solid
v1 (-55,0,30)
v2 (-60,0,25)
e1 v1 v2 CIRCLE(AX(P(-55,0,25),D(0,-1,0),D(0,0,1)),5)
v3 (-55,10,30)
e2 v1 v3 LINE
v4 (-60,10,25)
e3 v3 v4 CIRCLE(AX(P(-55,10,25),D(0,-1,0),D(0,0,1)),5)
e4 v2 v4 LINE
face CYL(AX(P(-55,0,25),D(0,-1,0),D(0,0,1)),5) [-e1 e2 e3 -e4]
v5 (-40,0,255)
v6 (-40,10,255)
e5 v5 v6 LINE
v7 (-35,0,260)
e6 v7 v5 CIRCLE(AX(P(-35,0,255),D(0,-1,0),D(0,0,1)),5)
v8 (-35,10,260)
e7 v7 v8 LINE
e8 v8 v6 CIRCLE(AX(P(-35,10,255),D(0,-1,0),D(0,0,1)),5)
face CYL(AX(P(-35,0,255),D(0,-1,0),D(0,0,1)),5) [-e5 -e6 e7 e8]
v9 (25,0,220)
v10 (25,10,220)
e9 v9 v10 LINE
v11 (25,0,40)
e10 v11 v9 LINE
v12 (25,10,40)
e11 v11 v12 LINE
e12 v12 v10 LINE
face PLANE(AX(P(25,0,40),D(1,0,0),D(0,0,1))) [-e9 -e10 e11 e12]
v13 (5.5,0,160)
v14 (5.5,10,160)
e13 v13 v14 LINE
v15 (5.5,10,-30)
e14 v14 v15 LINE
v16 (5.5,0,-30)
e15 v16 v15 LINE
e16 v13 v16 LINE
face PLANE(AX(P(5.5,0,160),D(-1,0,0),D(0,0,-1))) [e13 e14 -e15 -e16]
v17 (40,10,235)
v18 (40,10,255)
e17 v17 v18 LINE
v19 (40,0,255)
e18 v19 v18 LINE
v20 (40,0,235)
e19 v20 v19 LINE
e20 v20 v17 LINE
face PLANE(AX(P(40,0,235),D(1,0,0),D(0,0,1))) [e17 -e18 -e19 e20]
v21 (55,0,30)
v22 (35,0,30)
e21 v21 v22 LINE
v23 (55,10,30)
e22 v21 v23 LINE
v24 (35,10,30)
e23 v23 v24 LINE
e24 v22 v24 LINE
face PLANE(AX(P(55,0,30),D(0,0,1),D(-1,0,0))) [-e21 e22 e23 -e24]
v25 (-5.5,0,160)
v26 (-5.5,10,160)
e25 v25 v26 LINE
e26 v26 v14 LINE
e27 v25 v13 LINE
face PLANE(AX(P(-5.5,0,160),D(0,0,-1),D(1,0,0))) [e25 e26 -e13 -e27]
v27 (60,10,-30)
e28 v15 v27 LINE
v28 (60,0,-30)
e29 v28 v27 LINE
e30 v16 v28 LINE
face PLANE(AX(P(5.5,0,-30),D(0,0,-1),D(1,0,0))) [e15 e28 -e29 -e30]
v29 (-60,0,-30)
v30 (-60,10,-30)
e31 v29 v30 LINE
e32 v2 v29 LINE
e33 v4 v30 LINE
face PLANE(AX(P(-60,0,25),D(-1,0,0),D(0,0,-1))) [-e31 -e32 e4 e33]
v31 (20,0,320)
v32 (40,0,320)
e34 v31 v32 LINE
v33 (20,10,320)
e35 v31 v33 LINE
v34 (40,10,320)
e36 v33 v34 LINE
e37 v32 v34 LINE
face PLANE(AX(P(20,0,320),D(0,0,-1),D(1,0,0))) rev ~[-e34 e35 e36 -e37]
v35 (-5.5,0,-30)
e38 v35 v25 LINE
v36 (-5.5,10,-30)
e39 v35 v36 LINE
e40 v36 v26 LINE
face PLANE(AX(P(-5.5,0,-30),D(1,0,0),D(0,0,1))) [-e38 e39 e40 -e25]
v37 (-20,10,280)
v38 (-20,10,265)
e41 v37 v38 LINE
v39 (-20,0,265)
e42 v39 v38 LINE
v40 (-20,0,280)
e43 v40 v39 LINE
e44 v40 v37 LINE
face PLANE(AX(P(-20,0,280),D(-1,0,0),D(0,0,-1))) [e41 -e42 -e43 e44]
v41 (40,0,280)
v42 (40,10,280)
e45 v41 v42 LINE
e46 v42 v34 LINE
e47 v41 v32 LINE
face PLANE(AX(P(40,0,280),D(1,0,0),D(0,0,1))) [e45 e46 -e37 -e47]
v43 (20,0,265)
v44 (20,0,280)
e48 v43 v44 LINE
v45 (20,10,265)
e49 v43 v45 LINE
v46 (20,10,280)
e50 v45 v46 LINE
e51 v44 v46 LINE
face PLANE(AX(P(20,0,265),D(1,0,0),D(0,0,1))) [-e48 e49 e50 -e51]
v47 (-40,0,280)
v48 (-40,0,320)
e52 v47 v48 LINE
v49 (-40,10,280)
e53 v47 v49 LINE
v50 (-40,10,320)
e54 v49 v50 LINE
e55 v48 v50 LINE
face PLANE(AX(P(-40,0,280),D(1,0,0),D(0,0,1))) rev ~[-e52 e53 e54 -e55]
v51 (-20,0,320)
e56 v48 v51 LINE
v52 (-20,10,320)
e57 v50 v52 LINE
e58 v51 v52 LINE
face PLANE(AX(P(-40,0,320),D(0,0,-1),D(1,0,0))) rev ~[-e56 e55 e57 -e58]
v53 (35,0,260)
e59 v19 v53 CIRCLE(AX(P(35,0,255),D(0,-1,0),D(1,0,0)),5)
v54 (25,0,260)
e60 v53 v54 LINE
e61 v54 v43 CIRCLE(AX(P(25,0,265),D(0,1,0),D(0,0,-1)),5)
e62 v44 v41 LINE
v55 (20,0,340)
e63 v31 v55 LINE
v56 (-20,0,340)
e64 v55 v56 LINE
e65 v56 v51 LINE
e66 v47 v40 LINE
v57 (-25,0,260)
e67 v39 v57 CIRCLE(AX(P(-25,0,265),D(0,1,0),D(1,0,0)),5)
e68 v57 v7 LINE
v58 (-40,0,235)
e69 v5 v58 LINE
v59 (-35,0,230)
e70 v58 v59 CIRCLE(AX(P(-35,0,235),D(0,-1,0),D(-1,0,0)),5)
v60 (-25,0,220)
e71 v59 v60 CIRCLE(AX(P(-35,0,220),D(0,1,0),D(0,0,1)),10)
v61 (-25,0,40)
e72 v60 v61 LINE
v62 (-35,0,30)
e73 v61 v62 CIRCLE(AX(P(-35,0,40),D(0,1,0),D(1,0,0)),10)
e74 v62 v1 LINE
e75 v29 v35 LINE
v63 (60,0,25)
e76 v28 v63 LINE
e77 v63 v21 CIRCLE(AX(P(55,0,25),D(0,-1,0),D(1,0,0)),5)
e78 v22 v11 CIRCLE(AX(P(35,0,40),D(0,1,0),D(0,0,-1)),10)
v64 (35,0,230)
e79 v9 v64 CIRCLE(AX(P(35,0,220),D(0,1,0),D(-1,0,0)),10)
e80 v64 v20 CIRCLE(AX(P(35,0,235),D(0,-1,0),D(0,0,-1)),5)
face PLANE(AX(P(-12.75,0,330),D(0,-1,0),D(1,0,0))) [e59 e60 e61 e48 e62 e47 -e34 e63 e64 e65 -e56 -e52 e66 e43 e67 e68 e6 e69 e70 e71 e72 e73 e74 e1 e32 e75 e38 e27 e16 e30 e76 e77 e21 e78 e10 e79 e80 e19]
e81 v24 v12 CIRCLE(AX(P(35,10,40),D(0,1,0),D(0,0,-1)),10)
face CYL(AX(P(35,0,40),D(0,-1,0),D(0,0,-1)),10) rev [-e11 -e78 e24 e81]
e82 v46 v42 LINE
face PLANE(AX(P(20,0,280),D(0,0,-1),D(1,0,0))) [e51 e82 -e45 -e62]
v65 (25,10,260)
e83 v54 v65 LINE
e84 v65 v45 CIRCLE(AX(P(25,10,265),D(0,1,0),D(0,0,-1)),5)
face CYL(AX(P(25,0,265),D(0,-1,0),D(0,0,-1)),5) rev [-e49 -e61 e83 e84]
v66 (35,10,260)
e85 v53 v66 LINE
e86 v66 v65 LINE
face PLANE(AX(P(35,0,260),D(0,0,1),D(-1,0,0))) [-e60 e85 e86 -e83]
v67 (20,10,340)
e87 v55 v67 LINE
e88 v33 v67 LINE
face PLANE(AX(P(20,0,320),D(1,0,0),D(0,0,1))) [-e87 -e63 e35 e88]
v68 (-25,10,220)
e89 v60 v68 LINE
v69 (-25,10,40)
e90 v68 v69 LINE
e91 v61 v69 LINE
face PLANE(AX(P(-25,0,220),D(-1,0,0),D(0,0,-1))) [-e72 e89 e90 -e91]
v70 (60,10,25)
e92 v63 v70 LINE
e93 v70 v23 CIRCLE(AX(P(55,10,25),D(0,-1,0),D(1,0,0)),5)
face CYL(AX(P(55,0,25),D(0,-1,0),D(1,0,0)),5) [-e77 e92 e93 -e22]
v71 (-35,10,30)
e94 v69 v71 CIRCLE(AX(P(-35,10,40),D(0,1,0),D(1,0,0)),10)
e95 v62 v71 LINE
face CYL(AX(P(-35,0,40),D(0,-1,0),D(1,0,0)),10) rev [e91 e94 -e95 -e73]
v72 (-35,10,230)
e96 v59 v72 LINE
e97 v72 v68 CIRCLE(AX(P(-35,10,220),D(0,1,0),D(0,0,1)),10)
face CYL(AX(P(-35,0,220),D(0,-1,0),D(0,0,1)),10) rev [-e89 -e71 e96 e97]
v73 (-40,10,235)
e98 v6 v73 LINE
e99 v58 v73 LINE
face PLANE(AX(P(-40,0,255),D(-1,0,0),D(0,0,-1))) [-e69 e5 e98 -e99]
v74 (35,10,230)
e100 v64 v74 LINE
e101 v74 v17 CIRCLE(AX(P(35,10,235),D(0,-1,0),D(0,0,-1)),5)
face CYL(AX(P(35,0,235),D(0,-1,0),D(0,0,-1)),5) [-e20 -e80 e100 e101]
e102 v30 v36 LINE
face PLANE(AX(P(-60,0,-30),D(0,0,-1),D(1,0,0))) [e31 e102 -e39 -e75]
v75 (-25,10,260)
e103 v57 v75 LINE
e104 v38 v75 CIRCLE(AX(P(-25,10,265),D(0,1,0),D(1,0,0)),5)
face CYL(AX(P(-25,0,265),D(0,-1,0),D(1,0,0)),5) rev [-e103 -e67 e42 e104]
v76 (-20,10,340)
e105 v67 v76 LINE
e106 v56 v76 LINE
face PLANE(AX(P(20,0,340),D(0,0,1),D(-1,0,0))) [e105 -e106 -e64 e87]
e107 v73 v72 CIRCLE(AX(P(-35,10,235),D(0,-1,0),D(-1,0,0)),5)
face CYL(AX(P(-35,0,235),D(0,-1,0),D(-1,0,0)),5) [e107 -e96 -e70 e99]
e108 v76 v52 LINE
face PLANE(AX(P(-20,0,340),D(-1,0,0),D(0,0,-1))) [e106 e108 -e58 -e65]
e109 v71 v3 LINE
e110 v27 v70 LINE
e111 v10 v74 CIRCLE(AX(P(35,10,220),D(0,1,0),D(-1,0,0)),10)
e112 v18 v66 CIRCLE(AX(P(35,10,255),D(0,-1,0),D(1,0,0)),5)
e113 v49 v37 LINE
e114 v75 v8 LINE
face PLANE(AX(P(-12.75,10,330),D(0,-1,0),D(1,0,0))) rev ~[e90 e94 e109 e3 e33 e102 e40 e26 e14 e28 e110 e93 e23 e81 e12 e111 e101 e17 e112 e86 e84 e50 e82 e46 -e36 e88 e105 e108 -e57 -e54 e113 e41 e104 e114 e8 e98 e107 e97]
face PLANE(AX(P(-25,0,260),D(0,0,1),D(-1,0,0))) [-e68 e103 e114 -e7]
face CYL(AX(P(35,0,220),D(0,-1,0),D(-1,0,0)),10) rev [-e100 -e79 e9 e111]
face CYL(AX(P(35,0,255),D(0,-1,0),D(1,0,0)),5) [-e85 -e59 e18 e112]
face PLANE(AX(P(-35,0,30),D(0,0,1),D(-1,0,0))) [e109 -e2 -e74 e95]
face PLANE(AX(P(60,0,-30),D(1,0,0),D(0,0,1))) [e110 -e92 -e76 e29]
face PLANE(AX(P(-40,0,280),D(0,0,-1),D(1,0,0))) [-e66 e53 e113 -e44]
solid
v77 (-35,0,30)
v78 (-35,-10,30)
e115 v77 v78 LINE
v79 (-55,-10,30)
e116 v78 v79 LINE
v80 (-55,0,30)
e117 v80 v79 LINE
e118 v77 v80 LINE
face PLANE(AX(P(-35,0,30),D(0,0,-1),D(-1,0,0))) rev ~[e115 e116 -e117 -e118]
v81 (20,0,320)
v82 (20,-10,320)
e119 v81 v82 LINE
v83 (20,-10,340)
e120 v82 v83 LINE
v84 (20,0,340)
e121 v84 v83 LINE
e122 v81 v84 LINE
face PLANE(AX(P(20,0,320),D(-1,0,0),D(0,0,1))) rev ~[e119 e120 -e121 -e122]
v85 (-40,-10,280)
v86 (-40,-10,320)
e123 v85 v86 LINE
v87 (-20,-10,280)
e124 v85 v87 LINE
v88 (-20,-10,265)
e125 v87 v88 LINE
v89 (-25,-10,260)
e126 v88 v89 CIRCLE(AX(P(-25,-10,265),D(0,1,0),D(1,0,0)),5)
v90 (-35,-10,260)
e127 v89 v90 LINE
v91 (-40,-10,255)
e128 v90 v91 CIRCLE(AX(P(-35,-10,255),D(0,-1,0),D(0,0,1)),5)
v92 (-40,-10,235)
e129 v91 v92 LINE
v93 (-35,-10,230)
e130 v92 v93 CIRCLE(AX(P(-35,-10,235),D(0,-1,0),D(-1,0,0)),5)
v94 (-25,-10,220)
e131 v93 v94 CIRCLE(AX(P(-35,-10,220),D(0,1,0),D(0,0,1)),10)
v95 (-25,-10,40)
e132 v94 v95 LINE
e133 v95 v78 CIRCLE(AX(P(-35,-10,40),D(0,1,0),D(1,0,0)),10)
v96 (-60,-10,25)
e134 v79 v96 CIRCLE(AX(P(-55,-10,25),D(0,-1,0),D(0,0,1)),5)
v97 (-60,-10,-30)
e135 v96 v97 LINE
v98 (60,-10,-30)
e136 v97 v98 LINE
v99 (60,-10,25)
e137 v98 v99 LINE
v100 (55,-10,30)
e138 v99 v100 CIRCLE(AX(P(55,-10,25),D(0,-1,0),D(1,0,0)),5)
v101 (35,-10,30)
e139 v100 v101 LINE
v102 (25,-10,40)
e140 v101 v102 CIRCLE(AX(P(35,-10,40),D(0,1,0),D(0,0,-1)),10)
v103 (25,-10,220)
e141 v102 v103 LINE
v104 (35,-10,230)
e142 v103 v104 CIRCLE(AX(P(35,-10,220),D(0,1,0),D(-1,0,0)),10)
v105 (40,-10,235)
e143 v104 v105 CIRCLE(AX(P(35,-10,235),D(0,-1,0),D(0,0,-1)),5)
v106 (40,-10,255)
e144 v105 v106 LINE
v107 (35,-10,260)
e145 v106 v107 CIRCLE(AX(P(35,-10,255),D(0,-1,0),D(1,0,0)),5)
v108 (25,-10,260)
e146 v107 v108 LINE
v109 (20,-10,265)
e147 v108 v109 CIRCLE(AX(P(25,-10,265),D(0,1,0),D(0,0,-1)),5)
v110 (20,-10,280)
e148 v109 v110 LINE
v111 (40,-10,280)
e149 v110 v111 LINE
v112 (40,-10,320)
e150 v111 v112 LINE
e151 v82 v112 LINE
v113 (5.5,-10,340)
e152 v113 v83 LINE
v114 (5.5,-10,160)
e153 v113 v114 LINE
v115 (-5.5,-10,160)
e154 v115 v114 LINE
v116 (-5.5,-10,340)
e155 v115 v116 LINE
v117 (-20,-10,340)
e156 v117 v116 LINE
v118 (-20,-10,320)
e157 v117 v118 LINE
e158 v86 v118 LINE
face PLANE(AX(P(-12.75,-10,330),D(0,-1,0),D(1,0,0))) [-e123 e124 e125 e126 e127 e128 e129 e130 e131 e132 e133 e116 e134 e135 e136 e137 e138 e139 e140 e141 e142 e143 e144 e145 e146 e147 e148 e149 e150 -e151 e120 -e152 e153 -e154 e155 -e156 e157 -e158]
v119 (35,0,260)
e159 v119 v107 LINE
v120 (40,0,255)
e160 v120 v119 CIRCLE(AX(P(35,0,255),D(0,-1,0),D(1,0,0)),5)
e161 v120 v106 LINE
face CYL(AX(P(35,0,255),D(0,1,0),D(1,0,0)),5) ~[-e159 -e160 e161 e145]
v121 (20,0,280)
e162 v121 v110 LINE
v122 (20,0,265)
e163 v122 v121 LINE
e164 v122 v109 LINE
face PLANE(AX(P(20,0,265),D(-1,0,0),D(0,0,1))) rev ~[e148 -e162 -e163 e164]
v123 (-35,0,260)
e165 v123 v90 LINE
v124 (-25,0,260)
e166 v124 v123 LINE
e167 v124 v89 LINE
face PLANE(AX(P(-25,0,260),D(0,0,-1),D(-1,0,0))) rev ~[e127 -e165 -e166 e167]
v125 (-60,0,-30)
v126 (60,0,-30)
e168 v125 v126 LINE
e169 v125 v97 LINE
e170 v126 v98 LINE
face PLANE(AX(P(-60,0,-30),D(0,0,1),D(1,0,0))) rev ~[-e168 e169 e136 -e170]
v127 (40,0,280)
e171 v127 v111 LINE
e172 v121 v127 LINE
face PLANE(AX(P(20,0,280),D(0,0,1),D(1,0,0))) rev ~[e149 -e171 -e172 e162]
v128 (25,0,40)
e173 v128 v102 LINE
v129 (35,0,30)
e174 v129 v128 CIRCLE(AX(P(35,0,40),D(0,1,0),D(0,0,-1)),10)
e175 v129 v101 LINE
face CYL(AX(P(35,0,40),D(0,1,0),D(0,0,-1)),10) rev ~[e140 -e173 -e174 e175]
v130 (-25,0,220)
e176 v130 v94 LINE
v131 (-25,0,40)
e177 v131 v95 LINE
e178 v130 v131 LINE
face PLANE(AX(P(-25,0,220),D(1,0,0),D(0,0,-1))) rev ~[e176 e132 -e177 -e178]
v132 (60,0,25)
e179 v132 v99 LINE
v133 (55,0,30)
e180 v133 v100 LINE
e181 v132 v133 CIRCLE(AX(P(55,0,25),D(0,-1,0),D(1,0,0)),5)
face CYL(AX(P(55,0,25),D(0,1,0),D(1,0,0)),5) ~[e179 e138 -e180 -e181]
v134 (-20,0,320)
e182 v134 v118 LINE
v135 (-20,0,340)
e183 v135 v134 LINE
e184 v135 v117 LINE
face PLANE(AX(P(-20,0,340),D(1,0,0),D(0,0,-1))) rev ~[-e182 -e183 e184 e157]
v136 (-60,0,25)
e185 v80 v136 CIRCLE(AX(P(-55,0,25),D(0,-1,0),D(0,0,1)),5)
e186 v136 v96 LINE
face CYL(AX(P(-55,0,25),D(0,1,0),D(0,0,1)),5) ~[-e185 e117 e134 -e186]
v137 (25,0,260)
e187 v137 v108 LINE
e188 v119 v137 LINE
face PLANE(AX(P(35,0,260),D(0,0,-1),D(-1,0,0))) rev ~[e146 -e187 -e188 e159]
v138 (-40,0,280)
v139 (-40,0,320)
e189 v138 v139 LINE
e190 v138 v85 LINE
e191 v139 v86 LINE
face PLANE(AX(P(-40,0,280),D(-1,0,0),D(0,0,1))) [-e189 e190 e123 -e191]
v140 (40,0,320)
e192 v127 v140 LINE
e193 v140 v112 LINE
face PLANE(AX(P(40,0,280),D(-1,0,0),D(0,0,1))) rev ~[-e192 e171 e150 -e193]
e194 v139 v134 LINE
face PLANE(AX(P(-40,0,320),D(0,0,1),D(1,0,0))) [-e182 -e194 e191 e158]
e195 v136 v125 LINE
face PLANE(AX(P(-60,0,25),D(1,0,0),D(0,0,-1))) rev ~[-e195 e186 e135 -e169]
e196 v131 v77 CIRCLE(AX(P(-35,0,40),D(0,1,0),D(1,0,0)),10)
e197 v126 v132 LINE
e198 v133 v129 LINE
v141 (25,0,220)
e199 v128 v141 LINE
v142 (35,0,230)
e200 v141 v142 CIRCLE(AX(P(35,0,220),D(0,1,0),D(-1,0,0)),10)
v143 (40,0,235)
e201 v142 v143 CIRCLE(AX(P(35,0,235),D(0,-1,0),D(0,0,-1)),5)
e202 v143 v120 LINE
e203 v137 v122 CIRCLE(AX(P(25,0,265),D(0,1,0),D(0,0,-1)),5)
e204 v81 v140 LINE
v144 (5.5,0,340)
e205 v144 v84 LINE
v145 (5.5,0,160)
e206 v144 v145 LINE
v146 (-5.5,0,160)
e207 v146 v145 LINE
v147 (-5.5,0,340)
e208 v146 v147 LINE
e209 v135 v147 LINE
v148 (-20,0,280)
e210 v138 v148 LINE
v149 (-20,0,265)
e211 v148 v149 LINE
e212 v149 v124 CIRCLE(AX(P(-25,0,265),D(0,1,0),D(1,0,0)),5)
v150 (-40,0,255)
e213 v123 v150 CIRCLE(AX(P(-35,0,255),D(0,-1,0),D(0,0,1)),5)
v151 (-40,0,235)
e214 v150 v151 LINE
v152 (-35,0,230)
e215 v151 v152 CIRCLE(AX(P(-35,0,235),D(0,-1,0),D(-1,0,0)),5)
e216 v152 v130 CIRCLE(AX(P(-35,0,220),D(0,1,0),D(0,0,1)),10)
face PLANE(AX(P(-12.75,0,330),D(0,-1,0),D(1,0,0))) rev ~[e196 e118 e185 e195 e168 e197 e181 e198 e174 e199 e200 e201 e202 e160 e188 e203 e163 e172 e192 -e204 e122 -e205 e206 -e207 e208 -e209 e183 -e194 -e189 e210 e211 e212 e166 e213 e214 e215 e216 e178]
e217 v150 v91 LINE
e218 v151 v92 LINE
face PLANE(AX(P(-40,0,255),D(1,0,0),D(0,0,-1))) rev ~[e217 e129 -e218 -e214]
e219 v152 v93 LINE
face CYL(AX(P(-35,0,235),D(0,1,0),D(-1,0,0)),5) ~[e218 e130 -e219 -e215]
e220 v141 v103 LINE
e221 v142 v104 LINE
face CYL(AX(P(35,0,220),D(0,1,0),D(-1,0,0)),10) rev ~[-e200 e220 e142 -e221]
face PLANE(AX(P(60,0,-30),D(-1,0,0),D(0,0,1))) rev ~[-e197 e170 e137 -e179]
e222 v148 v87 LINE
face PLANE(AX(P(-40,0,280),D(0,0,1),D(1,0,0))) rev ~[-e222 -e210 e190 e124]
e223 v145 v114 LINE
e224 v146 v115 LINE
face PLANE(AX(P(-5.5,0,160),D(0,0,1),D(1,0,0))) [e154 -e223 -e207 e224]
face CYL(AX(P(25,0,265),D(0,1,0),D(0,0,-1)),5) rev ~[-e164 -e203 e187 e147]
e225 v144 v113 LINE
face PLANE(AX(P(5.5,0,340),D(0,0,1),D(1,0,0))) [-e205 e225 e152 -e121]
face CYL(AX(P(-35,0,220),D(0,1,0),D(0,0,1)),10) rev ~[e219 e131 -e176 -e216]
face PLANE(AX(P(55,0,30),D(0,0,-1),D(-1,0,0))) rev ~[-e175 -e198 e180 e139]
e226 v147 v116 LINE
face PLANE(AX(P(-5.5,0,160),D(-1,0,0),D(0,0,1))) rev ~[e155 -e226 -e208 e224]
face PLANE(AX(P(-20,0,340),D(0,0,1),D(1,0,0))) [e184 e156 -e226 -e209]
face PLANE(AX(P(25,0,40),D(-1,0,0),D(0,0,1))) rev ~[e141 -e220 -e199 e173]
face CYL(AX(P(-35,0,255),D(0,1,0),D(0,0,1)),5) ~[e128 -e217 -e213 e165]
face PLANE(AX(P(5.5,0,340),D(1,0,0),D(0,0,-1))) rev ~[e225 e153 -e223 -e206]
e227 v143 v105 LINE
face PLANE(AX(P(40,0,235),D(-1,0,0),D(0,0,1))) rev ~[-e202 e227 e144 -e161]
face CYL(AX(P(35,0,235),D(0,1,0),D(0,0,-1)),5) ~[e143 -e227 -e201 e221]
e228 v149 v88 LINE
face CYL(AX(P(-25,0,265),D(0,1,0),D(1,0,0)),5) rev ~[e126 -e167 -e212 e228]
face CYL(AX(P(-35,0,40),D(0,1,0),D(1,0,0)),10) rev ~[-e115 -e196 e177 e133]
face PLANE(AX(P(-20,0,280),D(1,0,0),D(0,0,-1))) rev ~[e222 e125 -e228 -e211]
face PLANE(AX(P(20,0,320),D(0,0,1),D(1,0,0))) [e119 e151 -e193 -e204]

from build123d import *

# Parameters (mm, degrees)
F0_W     = 14.5
F0_H     = 20
F0_W_2   = 11
F0_W_3   = 20
F0_H_2   = 40
F0_H_3   = 120
F1_DEPTH = 10
F0_H_4   = 190
F2_DEPTH = 10


with BuildPart() as f1:
    # F0 (on Front) → F1 (new body)
    with BuildSketch(Plane.XZ):
        with Locations((-12.75, 330)):
            Rectangle(F0_W, F0_H)
        with Locations((0, 330)):
            Rectangle(F0_W_2, F0_H)
        with Locations((12.75, 330)):
            Rectangle(F0_W, F0_H)
        with Locations((30, 300)):
            Rectangle(F0_W_3, F0_H_2)
        with Locations((12.75, 300)):
            Rectangle(F0_W, F0_H_2)
        with Locations((0, 300)):
            Rectangle(F0_W_2, F0_H_2)
        with Locations((-12.75, 300)):
            Rectangle(F0_W, F0_H_2)
        with Locations((-30, 300)):
            Rectangle(F0_W_3, F0_H_2)
        with BuildLine():
            Line((-60, -30), (-5.5, -30))
            Line((-5.5, -30), (-5.5, 160))
            Line((-5.5, 160), (-5.5, 280))
            Line((-5.5, 280), (-20, 280))
            Line((-20, 280), (-20, 265))
            ThreePointArc((-20, 265), (-21.4644660941, 261.4644660941), (-25, 260))
            Line((-25, 260), (-35, 260))
            ThreePointArc((-35, 260), (-38.5355339059, 258.5355339059), (-40, 255))
            Line((-40, 255), (-40, 235))
            ThreePointArc((-40, 235), (-38.5355339059, 231.4644660941), (-35, 230))
            ThreePointArc((-35, 230), (-27.9289321881, 227.0710678119), (-25, 220))
            Line((-25, 220), (-25, 40))
            ThreePointArc((-25, 40), (-27.9289321881, 32.9289321881), (-35, 30))
            Line((-35, 30), (-55, 30))
            ThreePointArc((-55, 30), (-58.5355339059, 28.5355339059), (-60, 25))
            Line((-60, 25), (-60, -30))
        make_face()
        with Locations((0, 220)):
            Rectangle(F0_W_2, F0_H_3)
        with BuildLine():
            Line((5.5, -30), (60, -30))
            Line((60, -30), (60, 25))
            ThreePointArc((60, 25), (58.5355339059, 28.5355339059), (55, 30))
            Line((55, 30), (35, 30))
            ThreePointArc((35, 30), (27.9289321881, 32.9289321881), (25, 40))
            Line((25, 40), (25, 220))
            ThreePointArc((25, 220), (27.9289321881, 227.0710678119), (35, 230))
            ThreePointArc((35, 230), (38.5355339059, 231.4644660941), (40, 235))
            Line((40, 235), (40, 255))
            ThreePointArc((40, 255), (38.5355339059, 258.5355339059), (35, 260))
            Line((35, 260), (25, 260))
            ThreePointArc((25, 260), (21.4644660941, 261.4644660941), (20, 265))
            Line((20, 265), (20, 280))
            Line((20, 280), (5.5, 280))
            Line((5.5, 280), (5.5, 160))
            Line((5.5, 160), (5.5, -30))
        make_face()
    extrude(amount=-F1_DEPTH)


with BuildPart() as f2:
    # F0 (on Front) → F2 (new body)
    with BuildSketch(Plane.XZ):
        with Locations((-12.75, 330)):
            Rectangle(F0_W, F0_H)
        with Locations((-12.75, 300)):
            Rectangle(F0_W, F0_H_2)
        with Locations((-30, 300)):
            Rectangle(F0_W_3, F0_H_2)
        with BuildLine():
            Line((-60, -30), (-5.5, -30))
            Line((-5.5, -30), (-5.5, 160))
            Line((-5.5, 160), (-5.5, 280))
            Line((-5.5, 280), (-20, 280))
            Line((-20, 280), (-20, 265))
            ThreePointArc((-20, 265), (-21.4644660941, 261.4644660941), (-25, 260))
            Line((-25, 260), (-35, 260))
            ThreePointArc((-35, 260), (-38.5355339059, 258.5355339059), (-40, 255))
            Line((-40, 255), (-40, 235))
            ThreePointArc((-40, 235), (-38.5355339059, 231.4644660941), (-35, 230))
            ThreePointArc((-35, 230), (-27.9289321881, 227.0710678119), (-25, 220))
            Line((-25, 220), (-25, 40))
            ThreePointArc((-25, 40), (-27.9289321881, 32.9289321881), (-35, 30))
            Line((-35, 30), (-55, 30))
            ThreePointArc((-55, 30), (-58.5355339059, 28.5355339059), (-60, 25))
            Line((-60, 25), (-60, -30))
        make_face()
        with Locations((0, 65)):
            Rectangle(F0_W_2, F0_H_4)
        with BuildLine():
            Line((5.5, -30), (60, -30))
            Line((60, -30), (60, 25))
            ThreePointArc((60, 25), (58.5355339059, 28.5355339059), (55, 30))
            Line((55, 30), (35, 30))
            ThreePointArc((35, 30), (27.9289321881, 32.9289321881), (25, 40))
            Line((25, 40), (25, 220))
            ThreePointArc((25, 220), (27.9289321881, 227.0710678119), (35, 230))
            ThreePointArc((35, 230), (38.5355339059, 231.4644660941), (40, 235))
            Line((40, 235), (40, 255))
            ThreePointArc((40, 255), (38.5355339059, 258.5355339059), (35, 260))
            Line((35, 260), (25, 260))
            ThreePointArc((25, 260), (21.4644660941, 261.4644660941), (20, 265))
            Line((20, 265), (20, 280))
            Line((20, 280), (5.5, 280))
            Line((5.5, 280), (5.5, 160))
            Line((5.5, 160), (5.5, -30))
        make_face()
        with Locations((12.75, 300)):
            Rectangle(F0_W, F0_H_2)
        with Locations((12.75, 330)):
            Rectangle(F0_W, F0_H)
        with Locations((30, 300)):
            Rectangle(F0_W_3, F0_H_2)
    extrude(amount=F2_DEPTH)


solid = Compound([f1.part, f2.part])
